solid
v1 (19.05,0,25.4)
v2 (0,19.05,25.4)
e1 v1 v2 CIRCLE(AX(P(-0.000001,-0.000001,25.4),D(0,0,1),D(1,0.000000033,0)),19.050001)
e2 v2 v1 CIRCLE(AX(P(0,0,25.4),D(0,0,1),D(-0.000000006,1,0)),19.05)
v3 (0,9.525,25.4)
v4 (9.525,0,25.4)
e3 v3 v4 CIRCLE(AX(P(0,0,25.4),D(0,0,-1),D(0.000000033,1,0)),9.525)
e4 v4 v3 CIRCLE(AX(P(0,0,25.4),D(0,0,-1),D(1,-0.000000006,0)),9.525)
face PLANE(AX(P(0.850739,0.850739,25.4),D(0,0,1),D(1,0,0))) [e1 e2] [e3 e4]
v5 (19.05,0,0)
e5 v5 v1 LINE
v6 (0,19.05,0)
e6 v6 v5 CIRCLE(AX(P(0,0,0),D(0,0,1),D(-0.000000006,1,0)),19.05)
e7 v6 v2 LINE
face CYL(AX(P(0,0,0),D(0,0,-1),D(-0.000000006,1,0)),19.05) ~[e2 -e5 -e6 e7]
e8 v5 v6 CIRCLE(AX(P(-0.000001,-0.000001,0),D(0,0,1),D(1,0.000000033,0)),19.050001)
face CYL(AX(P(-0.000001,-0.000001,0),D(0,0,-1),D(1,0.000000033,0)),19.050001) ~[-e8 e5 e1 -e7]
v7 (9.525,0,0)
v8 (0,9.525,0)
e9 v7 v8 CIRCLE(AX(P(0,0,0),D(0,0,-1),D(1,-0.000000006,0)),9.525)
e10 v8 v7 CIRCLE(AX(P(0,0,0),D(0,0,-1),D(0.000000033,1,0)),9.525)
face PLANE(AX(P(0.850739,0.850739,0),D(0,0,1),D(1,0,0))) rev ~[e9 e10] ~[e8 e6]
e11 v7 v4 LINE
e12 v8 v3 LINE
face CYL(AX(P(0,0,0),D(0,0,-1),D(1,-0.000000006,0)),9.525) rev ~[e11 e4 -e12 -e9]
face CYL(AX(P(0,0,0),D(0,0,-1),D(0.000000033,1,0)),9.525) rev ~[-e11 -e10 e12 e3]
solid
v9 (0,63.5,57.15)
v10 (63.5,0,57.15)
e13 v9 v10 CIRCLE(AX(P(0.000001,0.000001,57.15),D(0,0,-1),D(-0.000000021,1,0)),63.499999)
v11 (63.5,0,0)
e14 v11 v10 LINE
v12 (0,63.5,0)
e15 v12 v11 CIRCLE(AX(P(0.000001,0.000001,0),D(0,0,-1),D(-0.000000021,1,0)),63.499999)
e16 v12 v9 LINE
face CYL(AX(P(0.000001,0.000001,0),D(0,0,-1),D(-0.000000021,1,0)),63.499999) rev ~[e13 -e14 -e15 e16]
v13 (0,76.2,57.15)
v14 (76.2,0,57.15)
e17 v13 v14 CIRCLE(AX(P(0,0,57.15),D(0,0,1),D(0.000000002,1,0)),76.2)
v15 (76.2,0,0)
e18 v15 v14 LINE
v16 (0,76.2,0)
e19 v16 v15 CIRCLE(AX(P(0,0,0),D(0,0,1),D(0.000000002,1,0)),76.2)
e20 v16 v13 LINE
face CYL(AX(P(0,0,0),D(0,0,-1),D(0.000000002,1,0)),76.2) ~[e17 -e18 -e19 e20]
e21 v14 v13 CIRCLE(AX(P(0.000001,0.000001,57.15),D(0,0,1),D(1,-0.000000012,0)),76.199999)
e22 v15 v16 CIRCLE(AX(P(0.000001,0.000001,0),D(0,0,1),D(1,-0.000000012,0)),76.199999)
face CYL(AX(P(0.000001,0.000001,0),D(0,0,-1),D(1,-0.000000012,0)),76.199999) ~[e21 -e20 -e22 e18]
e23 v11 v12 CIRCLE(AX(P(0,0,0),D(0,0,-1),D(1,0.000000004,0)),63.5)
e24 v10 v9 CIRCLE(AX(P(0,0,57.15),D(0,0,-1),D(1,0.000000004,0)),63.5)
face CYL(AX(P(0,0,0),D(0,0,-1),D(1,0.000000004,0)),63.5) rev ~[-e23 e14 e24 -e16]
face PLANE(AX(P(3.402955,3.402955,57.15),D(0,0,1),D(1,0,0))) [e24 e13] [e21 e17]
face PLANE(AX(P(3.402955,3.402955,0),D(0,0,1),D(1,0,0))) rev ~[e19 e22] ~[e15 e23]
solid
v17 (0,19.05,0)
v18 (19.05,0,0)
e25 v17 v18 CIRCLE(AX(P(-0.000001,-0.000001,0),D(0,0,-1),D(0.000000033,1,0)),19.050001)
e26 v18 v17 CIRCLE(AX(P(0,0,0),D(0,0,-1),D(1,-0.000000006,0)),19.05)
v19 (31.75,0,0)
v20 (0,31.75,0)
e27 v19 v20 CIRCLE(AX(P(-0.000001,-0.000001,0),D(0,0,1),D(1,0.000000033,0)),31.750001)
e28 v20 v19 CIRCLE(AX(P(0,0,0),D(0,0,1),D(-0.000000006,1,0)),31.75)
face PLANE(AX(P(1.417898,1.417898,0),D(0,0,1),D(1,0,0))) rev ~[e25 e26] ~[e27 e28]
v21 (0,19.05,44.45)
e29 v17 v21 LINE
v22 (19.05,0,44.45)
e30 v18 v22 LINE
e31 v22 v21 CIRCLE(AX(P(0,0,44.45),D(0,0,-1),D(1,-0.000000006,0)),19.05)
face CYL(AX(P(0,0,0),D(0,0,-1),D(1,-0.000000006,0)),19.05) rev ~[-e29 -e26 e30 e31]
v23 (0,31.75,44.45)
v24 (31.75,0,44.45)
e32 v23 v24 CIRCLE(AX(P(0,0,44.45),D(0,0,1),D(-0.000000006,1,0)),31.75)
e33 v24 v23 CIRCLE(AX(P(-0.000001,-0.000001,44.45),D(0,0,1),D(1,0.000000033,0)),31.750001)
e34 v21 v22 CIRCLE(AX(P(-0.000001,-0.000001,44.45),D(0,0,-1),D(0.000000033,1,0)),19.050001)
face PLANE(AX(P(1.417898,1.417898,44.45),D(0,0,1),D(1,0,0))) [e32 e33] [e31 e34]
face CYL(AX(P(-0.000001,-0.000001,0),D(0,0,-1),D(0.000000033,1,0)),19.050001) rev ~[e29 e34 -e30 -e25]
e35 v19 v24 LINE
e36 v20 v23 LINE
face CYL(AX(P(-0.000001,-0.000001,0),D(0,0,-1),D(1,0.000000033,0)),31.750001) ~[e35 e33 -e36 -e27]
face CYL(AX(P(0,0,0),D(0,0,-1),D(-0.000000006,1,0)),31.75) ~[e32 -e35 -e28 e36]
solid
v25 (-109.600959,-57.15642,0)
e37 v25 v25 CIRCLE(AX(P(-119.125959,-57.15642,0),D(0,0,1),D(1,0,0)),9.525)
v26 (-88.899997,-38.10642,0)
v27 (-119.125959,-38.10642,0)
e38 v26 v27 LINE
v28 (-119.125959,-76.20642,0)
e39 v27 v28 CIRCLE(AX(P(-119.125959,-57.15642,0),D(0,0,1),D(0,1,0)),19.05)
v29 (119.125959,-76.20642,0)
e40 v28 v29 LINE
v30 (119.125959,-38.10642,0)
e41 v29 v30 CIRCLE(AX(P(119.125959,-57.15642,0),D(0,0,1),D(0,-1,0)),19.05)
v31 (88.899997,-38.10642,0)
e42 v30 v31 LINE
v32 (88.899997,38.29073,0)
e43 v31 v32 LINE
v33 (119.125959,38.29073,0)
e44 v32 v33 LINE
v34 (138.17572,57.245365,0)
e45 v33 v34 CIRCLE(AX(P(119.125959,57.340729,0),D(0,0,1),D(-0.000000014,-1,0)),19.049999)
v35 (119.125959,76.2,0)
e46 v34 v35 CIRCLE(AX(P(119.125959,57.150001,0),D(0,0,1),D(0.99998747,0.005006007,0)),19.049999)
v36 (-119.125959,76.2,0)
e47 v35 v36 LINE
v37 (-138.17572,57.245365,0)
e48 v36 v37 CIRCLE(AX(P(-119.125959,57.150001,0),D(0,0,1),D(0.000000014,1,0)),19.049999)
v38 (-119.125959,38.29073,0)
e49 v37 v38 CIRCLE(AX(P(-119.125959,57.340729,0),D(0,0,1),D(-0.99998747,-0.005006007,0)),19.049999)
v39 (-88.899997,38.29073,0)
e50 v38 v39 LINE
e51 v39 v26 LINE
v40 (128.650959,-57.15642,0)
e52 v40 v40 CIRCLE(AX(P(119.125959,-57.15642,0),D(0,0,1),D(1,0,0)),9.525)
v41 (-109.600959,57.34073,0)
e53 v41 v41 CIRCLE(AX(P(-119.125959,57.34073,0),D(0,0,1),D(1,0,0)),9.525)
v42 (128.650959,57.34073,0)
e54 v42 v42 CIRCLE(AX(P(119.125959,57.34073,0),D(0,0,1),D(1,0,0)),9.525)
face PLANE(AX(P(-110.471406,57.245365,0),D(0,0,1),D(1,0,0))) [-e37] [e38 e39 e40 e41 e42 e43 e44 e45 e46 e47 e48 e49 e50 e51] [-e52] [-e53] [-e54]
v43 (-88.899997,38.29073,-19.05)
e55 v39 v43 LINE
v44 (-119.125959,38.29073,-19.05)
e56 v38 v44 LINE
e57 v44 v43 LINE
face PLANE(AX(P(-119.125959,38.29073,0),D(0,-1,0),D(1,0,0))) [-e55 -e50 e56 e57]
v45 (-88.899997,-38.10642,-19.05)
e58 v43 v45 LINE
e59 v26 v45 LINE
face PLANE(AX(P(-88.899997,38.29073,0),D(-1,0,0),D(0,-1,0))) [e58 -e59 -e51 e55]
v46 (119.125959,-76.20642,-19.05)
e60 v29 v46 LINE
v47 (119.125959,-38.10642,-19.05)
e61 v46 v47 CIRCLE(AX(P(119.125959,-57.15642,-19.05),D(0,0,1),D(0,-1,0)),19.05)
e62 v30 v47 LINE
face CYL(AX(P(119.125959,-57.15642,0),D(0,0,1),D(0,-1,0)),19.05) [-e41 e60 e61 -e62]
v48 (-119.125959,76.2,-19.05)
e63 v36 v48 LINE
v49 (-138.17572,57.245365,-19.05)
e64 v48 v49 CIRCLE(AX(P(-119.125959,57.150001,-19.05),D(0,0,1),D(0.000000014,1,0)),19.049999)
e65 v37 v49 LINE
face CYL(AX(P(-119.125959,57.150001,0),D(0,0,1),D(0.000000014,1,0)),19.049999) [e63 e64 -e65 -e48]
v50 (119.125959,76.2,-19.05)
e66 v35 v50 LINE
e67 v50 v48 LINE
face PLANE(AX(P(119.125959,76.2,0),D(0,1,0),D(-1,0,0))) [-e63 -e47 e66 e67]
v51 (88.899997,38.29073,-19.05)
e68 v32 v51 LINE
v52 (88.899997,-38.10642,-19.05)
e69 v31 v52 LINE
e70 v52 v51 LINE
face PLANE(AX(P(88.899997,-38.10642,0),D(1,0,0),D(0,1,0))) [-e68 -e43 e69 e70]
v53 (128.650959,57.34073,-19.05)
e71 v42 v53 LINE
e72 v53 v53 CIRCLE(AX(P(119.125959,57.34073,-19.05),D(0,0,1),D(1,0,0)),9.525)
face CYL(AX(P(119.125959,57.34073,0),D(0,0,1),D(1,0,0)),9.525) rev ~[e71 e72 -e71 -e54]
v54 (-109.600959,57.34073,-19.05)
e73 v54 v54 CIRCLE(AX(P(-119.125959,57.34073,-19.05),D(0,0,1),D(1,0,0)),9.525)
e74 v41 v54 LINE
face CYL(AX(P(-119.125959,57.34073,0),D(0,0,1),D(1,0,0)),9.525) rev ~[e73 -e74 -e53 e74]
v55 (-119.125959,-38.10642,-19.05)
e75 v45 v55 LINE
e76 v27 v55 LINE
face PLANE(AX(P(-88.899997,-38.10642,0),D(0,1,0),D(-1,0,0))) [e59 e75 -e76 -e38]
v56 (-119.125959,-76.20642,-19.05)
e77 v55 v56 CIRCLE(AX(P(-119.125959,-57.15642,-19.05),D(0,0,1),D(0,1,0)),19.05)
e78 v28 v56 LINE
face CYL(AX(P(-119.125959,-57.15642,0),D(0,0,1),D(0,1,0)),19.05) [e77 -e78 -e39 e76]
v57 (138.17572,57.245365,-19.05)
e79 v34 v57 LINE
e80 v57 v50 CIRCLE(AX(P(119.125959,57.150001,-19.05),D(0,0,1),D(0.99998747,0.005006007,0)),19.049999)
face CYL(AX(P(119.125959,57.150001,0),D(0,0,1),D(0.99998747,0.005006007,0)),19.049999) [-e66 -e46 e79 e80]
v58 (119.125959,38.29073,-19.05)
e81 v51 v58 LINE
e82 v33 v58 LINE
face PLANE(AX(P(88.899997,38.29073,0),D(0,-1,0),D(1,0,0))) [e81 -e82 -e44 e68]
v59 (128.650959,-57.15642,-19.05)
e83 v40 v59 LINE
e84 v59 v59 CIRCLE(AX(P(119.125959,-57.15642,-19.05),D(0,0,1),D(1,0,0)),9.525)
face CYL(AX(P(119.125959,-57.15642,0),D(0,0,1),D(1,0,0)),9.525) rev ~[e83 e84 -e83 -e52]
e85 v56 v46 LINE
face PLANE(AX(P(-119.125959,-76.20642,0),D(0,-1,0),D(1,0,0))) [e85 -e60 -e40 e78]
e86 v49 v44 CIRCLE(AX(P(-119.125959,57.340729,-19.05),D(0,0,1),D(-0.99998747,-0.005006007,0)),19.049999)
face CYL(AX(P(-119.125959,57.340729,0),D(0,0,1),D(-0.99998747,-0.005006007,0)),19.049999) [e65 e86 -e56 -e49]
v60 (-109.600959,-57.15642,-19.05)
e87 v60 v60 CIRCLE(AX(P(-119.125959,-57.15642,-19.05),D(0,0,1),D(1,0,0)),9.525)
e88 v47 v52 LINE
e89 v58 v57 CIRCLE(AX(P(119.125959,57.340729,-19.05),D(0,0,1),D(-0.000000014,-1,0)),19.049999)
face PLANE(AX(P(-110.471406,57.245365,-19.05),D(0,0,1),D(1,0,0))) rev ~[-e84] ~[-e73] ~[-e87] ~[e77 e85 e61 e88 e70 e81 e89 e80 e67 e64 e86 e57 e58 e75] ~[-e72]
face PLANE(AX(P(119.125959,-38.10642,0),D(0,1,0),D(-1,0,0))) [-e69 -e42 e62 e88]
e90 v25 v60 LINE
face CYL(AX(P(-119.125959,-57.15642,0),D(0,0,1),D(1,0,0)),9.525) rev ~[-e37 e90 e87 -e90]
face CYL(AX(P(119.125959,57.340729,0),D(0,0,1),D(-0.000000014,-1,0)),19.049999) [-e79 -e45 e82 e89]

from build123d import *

# Parameters (mm, degrees)
F0_R     = 9.525
F1_DEPTH = 19.05
F2_DEPTH = 57.15
F3_DEPTH = 44.45
F4_DEPTH = 25.4


with BuildPart() as f1:
    # F0 (on Top) → F1 (new body)
    with BuildSketch(Plane.XY):
        with BuildLine():
            Line((-88.899997, 38.29073), (-88.899997, 76.2))
            Line((-88.899997, 76.2), (-119.125959, 76.2))
            ThreePointArc((-119.125959, 76.2), (-132.562584, 70.654059), (-138.17572, 57.245365))
            ThreePointArc((-138.17572, 57.245365), (-132.562584, 43.836671), (-119.125959, 38.29073))
            Line((-119.125959, 38.29073), (-88.899997, 38.29073))
        make_face()
        with Locations((-119.125959, 57.34073)):
            Circle(F0_R, mode=Mode.SUBTRACT)
        with BuildLine():
            Line((-88.899997, -76.20642), (-88.899997, -38.10642))
            Line((-88.899997, -38.10642), (-119.125959, -38.10642))
            ThreePointArc((-119.125959, -38.10642), (-138.175959, -57.15642), (-119.125959, -76.20642))
            Line((-119.125959, -76.20642), (-88.899997, -76.20642))
        make_face()
        with Locations((-119.125959, -57.15642)):
            Circle(F0_R, mode=Mode.SUBTRACT)
        with BuildLine():
            Line((119.125959, 76.2), (88.899997, 76.2))
            Line((88.899997, 76.2), (88.899997, 38.29073))
            Line((88.899997, 38.29073), (119.125959, 38.29073))
            ThreePointArc((119.125959, 38.29073), (132.562584, 43.836671), (138.17572, 57.245365))
            ThreePointArc((138.17572, 57.245365), (132.562584, 70.654059), (119.125959, 76.2))
        make_face()
        with Locations((119.125959, 57.34073)):
            Circle(F0_R, mode=Mode.SUBTRACT)
        with BuildLine():
            Line((119.125959, -38.10642), (88.899997, -38.10642))
            Line((88.899997, -38.10642), (88.899997, -76.20642))
            Line((88.899997, -76.20642), (119.125959, -76.20642))
            ThreePointArc((119.125959, -76.20642), (138.175959, -57.15642), (119.125959, -38.10642))
        make_face()
        with Locations((119.125959, -57.15642)):
            Circle(F0_R, mode=Mode.SUBTRACT)
        Polygon((76.199997, 76.2), (0, 76.2), (-88.899997, 76.2), (-88.899997, 38.29073), (-88.899997, -38.10642), (-88.899997, -76.20642), (88.899997, -76.20642), (88.899997, -38.10642), (88.899997, 38.29073), (88.899997, 76.2), align=None)
        with BuildLine():
            ThreePointArc((76.2, 0), (-53.881537, -53.881537), (0, 76.2))
            ThreePointArc((0, 76.2), (53.881537, 53.881537), (76.2, 0))
        make_face(mode=Mode.SUBTRACT)
        with BuildLine():
            ThreePointArc((76.2, 0), (53.881537, 53.881537), (0, 76.2))
            ThreePointArc((0, 76.2), (-53.881537, -53.881537), (76.2, 0))
        make_face()
        with BuildLine():
            ThreePointArc((63.5, 0), (-44.901281, -44.901281), (0, 63.5))
            ThreePointArc((0, 63.5), (44.901281, 44.901281), (63.5, 0))
        make_face(mode=Mode.SUBTRACT)
        with BuildLine():
            ThreePointArc((63.5, 0), (44.901281, 44.901281), (0, 63.5))
            ThreePointArc((0, 63.5), (-44.901281, -44.901281), (63.5, 0))
        make_face()
        with BuildLine():
            ThreePointArc((31.75, 0), (-22.45064, -22.45064), (0, 31.75))
            ThreePointArc((0, 31.75), (22.45064, 22.45064), (31.75, 0))
        make_face(mode=Mode.SUBTRACT)
        with BuildLine():
            ThreePointArc((31.75, 0), (22.45064, 22.45064), (0, 31.75))
            ThreePointArc((0, 31.75), (-22.45064, -22.45064), (31.75, 0))
        make_face()
        with BuildLine():
            ThreePointArc((0, 19.05), (13.470384, 13.470384), (19.05, 0))
            ThreePointArc((19.05, 0), (-13.470384, -13.470384), (0, 19.05))
        make_face(mode=Mode.SUBTRACT)
        with BuildLine():
            ThreePointArc((0, 19.05), (-13.470384, -13.470384), (19.05, 0))
            ThreePointArc((19.05, 0), (13.470384, 13.470384), (0, 19.05))
        make_face()
        with BuildLine():
            ThreePointArc((9.525, 0), (-6.735192, -6.735192), (0, 9.525))
            ThreePointArc((0, 9.525), (6.735192, 6.735192), (9.525, 0))
        make_face(mode=Mode.SUBTRACT)
        with BuildLine():
            ThreePointArc((9.525, 0), (6.735192, 6.735192), (0, 9.525))
            ThreePointArc((0, 9.525), (-6.735192, -6.735192), (9.525, 0))
        make_face()
    extrude(amount=-F1_DEPTH)


with BuildPart() as f2:
    # F0 (on Top) → F2 (new body)
    with BuildSketch(Plane.XY):
        with BuildLine():
            ThreePointArc((76.2, 0), (53.881537, 53.881537), (0, 76.2))
            ThreePointArc((0, 76.2), (-53.881537, -53.881537), (76.2, 0))
        make_face()
        with BuildLine():
            ThreePointArc((63.5, 0), (-44.901281, -44.901281), (0, 63.5))
            ThreePointArc((0, 63.5), (44.901281, 44.901281), (63.5, 0))
        make_face(mode=Mode.SUBTRACT)
    extrude(amount=F2_DEPTH)


with BuildPart() as f3:
    # F0 (on Top) → F3 (new body)
    with BuildSketch(Plane.XY):
        with BuildLine():
            ThreePointArc((31.75, 0), (22.45064, 22.45064), (0, 31.75))
            ThreePointArc((0, 31.75), (-22.45064, -22.45064), (31.75, 0))
        make_face()
        with BuildLine():
            ThreePointArc((0, 19.05), (13.470384, 13.470384), (19.05, 0))
            ThreePointArc((19.05, 0), (-13.470384, -13.470384), (0, 19.05))
        make_face(mode=Mode.SUBTRACT)
    extrude(amount=F3_DEPTH)


with BuildPart() as f4:
    # F0 (on Top) → F4 (new body)
    with BuildSketch(Plane.XY):
        with BuildLine():
            ThreePointArc((0, 19.05), (-13.470384, -13.470384), (19.05, 0))
            ThreePointArc((19.05, 0), (13.470384, 13.470384), (0, 19.05))
        make_face()
        with BuildLine():
            ThreePointArc((9.525, 0), (-6.735192, -6.735192), (0, 9.525))
            ThreePointArc((0, 9.525), (6.735192, 6.735192), (9.525, 0))
        make_face(mode=Mode.SUBTRACT)
    extrude(amount=F4_DEPTH)


solid = Compound([f1.part, f2.part, f3.part, f4.part])
